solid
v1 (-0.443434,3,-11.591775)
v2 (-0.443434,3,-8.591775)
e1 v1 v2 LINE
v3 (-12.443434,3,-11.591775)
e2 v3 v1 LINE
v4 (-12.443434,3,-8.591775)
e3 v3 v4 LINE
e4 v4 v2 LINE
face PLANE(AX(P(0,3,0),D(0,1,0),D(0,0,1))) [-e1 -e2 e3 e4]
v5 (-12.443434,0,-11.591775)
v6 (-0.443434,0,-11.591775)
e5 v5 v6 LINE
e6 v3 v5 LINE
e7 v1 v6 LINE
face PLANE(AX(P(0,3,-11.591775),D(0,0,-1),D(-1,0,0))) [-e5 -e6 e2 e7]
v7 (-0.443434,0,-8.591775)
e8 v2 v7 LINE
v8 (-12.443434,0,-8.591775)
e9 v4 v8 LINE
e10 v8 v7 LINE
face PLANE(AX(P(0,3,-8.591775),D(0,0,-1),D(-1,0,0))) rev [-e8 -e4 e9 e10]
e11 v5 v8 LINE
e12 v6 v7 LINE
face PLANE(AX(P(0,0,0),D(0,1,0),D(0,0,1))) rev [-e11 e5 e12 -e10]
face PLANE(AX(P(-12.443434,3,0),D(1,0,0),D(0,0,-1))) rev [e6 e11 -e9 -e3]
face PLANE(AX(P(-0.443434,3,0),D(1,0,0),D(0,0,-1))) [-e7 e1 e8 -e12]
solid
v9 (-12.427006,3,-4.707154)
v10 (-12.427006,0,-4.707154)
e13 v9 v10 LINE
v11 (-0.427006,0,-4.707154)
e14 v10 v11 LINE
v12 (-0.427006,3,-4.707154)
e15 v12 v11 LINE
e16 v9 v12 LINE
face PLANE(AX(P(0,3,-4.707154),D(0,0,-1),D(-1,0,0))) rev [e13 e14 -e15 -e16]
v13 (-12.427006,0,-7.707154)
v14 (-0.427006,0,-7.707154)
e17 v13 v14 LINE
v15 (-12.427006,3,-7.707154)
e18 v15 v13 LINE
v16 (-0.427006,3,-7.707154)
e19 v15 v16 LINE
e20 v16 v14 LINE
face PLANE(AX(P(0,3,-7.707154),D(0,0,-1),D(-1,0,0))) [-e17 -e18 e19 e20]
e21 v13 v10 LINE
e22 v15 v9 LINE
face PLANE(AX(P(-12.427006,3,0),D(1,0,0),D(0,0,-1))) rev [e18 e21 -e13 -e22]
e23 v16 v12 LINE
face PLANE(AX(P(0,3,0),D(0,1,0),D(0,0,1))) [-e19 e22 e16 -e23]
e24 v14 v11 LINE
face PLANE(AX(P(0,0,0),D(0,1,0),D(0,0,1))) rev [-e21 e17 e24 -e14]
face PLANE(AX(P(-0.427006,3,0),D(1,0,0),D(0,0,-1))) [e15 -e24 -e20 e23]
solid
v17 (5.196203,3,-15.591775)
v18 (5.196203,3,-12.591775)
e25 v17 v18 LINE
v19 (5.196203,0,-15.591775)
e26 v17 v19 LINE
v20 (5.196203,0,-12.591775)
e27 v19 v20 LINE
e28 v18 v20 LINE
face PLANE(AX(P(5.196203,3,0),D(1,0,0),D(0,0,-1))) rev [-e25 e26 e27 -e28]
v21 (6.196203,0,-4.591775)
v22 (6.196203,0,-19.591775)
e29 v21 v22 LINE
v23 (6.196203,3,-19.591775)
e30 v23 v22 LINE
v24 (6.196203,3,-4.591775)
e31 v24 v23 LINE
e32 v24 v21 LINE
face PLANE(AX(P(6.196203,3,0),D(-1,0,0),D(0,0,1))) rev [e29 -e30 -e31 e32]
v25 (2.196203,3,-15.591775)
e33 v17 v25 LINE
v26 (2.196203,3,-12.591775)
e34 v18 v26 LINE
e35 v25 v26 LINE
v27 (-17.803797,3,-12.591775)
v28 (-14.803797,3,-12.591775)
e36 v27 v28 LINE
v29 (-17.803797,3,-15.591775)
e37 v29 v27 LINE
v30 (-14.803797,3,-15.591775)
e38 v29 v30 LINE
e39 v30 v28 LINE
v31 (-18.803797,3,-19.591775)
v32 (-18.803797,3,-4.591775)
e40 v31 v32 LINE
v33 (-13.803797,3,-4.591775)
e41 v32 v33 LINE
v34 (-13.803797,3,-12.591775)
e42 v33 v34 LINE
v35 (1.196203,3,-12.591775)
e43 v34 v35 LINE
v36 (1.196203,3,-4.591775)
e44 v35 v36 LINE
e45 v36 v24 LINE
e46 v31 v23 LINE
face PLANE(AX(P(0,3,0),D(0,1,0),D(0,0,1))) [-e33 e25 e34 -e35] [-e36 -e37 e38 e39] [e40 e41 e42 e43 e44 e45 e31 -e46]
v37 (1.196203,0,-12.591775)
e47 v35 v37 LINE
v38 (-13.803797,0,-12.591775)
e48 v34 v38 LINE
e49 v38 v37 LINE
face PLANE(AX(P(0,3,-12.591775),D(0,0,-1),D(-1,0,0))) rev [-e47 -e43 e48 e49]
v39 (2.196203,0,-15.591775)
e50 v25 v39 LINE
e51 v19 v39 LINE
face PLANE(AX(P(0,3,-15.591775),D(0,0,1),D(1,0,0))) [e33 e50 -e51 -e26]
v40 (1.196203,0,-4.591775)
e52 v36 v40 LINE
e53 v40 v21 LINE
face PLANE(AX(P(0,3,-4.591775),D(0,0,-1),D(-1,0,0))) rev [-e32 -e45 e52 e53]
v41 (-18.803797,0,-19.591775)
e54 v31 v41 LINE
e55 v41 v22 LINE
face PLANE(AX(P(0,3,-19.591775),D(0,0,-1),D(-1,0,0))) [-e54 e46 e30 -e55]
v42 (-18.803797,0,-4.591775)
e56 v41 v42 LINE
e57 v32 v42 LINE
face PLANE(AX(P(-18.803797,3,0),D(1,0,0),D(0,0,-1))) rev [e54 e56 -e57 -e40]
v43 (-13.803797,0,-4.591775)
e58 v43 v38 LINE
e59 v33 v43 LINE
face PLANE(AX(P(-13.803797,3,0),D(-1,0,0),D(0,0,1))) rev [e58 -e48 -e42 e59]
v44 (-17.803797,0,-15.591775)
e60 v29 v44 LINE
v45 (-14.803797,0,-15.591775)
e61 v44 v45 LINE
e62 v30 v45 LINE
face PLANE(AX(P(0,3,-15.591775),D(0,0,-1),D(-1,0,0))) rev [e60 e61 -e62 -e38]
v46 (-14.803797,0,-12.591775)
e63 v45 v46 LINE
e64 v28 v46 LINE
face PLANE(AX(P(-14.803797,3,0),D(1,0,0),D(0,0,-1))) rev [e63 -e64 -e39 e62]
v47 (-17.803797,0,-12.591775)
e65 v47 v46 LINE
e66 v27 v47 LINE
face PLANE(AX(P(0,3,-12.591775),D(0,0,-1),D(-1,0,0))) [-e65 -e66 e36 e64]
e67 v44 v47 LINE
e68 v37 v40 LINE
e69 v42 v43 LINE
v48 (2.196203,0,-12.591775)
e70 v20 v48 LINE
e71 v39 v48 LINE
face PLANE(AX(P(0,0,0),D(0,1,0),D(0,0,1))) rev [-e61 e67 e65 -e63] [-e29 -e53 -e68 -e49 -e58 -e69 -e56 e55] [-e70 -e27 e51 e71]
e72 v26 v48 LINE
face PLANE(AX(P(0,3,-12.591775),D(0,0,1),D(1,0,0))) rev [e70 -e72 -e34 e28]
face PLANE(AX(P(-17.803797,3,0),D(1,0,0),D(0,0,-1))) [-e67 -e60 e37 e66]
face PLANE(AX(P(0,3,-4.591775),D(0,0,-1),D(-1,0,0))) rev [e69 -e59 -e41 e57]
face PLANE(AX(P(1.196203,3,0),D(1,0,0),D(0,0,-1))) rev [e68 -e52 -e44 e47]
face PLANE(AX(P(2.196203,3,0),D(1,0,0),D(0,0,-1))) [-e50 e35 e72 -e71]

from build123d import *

# Parameters (mm, degrees)
SKETCH1_W             = 3
SKETCH1_H             = 3
BOSS_EXTRUDE1_DEPTH   = 3
SKETCH1_W_2           = 12
BOSS_EXTRUDE1_2_DEPTH = 3
BOSS_EXTRUDE1_3_DEPTH = 3


with BuildPart() as part:
    # Sketch1 → Boss-Extrude1 (new body)
    with BuildSketch(Plane(origin=(0, 0, 0), x_dir=(1, 0, 0), z_dir=(0, 1, 0))):
        Polygon((-18.803797147, 19.591775352), (-18.803797147, 4.591775352), (-13.803797147, 4.591775352), (-13.803797147, 12.591775352), (1.196202853, 12.591775352), (1.196202853, 4.591775352), (6.196202853, 4.591775352), (6.196202853, 19.591775352), align=None)
        with Locations((-16.303797147, 14.091775352)):
            Rectangle(SKETCH1_W, SKETCH1_H, mode=Mode.SUBTRACT)
        with Locations((3.696202853, 14.091775352)):
            Rectangle(SKETCH1_W, SKETCH1_H, mode=Mode.SUBTRACT)
    extrude(amount=BOSS_EXTRUDE1_DEPTH)


with BuildPart() as body_2:
    # Sketch1 → Boss-Extrude1 2 (new body)
    with BuildSketch(Plane(origin=(0, 0, 0), x_dir=(1, 0, 0), z_dir=(0, 1, 0))):
        with Locations((-6.427005905, 6.207154299)):
            Rectangle(SKETCH1_W_2, SKETCH1_H)
    extrude(amount=BOSS_EXTRUDE1_2_DEPTH)


with BuildPart() as body_3:
    # Sketch1 → Boss-Extrude1 3 (new body)
    with BuildSketch(Plane(origin=(0, 0, 0), x_dir=(1, 0, 0), z_dir=(0, 1, 0))):
        with Locations((-6.443434318, 10.091775352)):
            Rectangle(SKETCH1_W_2, SKETCH1_H)
    extrude(amount=BOSS_EXTRUDE1_3_DEPTH)


solid = Compound([part.part, body_2.part, body_3.part])
